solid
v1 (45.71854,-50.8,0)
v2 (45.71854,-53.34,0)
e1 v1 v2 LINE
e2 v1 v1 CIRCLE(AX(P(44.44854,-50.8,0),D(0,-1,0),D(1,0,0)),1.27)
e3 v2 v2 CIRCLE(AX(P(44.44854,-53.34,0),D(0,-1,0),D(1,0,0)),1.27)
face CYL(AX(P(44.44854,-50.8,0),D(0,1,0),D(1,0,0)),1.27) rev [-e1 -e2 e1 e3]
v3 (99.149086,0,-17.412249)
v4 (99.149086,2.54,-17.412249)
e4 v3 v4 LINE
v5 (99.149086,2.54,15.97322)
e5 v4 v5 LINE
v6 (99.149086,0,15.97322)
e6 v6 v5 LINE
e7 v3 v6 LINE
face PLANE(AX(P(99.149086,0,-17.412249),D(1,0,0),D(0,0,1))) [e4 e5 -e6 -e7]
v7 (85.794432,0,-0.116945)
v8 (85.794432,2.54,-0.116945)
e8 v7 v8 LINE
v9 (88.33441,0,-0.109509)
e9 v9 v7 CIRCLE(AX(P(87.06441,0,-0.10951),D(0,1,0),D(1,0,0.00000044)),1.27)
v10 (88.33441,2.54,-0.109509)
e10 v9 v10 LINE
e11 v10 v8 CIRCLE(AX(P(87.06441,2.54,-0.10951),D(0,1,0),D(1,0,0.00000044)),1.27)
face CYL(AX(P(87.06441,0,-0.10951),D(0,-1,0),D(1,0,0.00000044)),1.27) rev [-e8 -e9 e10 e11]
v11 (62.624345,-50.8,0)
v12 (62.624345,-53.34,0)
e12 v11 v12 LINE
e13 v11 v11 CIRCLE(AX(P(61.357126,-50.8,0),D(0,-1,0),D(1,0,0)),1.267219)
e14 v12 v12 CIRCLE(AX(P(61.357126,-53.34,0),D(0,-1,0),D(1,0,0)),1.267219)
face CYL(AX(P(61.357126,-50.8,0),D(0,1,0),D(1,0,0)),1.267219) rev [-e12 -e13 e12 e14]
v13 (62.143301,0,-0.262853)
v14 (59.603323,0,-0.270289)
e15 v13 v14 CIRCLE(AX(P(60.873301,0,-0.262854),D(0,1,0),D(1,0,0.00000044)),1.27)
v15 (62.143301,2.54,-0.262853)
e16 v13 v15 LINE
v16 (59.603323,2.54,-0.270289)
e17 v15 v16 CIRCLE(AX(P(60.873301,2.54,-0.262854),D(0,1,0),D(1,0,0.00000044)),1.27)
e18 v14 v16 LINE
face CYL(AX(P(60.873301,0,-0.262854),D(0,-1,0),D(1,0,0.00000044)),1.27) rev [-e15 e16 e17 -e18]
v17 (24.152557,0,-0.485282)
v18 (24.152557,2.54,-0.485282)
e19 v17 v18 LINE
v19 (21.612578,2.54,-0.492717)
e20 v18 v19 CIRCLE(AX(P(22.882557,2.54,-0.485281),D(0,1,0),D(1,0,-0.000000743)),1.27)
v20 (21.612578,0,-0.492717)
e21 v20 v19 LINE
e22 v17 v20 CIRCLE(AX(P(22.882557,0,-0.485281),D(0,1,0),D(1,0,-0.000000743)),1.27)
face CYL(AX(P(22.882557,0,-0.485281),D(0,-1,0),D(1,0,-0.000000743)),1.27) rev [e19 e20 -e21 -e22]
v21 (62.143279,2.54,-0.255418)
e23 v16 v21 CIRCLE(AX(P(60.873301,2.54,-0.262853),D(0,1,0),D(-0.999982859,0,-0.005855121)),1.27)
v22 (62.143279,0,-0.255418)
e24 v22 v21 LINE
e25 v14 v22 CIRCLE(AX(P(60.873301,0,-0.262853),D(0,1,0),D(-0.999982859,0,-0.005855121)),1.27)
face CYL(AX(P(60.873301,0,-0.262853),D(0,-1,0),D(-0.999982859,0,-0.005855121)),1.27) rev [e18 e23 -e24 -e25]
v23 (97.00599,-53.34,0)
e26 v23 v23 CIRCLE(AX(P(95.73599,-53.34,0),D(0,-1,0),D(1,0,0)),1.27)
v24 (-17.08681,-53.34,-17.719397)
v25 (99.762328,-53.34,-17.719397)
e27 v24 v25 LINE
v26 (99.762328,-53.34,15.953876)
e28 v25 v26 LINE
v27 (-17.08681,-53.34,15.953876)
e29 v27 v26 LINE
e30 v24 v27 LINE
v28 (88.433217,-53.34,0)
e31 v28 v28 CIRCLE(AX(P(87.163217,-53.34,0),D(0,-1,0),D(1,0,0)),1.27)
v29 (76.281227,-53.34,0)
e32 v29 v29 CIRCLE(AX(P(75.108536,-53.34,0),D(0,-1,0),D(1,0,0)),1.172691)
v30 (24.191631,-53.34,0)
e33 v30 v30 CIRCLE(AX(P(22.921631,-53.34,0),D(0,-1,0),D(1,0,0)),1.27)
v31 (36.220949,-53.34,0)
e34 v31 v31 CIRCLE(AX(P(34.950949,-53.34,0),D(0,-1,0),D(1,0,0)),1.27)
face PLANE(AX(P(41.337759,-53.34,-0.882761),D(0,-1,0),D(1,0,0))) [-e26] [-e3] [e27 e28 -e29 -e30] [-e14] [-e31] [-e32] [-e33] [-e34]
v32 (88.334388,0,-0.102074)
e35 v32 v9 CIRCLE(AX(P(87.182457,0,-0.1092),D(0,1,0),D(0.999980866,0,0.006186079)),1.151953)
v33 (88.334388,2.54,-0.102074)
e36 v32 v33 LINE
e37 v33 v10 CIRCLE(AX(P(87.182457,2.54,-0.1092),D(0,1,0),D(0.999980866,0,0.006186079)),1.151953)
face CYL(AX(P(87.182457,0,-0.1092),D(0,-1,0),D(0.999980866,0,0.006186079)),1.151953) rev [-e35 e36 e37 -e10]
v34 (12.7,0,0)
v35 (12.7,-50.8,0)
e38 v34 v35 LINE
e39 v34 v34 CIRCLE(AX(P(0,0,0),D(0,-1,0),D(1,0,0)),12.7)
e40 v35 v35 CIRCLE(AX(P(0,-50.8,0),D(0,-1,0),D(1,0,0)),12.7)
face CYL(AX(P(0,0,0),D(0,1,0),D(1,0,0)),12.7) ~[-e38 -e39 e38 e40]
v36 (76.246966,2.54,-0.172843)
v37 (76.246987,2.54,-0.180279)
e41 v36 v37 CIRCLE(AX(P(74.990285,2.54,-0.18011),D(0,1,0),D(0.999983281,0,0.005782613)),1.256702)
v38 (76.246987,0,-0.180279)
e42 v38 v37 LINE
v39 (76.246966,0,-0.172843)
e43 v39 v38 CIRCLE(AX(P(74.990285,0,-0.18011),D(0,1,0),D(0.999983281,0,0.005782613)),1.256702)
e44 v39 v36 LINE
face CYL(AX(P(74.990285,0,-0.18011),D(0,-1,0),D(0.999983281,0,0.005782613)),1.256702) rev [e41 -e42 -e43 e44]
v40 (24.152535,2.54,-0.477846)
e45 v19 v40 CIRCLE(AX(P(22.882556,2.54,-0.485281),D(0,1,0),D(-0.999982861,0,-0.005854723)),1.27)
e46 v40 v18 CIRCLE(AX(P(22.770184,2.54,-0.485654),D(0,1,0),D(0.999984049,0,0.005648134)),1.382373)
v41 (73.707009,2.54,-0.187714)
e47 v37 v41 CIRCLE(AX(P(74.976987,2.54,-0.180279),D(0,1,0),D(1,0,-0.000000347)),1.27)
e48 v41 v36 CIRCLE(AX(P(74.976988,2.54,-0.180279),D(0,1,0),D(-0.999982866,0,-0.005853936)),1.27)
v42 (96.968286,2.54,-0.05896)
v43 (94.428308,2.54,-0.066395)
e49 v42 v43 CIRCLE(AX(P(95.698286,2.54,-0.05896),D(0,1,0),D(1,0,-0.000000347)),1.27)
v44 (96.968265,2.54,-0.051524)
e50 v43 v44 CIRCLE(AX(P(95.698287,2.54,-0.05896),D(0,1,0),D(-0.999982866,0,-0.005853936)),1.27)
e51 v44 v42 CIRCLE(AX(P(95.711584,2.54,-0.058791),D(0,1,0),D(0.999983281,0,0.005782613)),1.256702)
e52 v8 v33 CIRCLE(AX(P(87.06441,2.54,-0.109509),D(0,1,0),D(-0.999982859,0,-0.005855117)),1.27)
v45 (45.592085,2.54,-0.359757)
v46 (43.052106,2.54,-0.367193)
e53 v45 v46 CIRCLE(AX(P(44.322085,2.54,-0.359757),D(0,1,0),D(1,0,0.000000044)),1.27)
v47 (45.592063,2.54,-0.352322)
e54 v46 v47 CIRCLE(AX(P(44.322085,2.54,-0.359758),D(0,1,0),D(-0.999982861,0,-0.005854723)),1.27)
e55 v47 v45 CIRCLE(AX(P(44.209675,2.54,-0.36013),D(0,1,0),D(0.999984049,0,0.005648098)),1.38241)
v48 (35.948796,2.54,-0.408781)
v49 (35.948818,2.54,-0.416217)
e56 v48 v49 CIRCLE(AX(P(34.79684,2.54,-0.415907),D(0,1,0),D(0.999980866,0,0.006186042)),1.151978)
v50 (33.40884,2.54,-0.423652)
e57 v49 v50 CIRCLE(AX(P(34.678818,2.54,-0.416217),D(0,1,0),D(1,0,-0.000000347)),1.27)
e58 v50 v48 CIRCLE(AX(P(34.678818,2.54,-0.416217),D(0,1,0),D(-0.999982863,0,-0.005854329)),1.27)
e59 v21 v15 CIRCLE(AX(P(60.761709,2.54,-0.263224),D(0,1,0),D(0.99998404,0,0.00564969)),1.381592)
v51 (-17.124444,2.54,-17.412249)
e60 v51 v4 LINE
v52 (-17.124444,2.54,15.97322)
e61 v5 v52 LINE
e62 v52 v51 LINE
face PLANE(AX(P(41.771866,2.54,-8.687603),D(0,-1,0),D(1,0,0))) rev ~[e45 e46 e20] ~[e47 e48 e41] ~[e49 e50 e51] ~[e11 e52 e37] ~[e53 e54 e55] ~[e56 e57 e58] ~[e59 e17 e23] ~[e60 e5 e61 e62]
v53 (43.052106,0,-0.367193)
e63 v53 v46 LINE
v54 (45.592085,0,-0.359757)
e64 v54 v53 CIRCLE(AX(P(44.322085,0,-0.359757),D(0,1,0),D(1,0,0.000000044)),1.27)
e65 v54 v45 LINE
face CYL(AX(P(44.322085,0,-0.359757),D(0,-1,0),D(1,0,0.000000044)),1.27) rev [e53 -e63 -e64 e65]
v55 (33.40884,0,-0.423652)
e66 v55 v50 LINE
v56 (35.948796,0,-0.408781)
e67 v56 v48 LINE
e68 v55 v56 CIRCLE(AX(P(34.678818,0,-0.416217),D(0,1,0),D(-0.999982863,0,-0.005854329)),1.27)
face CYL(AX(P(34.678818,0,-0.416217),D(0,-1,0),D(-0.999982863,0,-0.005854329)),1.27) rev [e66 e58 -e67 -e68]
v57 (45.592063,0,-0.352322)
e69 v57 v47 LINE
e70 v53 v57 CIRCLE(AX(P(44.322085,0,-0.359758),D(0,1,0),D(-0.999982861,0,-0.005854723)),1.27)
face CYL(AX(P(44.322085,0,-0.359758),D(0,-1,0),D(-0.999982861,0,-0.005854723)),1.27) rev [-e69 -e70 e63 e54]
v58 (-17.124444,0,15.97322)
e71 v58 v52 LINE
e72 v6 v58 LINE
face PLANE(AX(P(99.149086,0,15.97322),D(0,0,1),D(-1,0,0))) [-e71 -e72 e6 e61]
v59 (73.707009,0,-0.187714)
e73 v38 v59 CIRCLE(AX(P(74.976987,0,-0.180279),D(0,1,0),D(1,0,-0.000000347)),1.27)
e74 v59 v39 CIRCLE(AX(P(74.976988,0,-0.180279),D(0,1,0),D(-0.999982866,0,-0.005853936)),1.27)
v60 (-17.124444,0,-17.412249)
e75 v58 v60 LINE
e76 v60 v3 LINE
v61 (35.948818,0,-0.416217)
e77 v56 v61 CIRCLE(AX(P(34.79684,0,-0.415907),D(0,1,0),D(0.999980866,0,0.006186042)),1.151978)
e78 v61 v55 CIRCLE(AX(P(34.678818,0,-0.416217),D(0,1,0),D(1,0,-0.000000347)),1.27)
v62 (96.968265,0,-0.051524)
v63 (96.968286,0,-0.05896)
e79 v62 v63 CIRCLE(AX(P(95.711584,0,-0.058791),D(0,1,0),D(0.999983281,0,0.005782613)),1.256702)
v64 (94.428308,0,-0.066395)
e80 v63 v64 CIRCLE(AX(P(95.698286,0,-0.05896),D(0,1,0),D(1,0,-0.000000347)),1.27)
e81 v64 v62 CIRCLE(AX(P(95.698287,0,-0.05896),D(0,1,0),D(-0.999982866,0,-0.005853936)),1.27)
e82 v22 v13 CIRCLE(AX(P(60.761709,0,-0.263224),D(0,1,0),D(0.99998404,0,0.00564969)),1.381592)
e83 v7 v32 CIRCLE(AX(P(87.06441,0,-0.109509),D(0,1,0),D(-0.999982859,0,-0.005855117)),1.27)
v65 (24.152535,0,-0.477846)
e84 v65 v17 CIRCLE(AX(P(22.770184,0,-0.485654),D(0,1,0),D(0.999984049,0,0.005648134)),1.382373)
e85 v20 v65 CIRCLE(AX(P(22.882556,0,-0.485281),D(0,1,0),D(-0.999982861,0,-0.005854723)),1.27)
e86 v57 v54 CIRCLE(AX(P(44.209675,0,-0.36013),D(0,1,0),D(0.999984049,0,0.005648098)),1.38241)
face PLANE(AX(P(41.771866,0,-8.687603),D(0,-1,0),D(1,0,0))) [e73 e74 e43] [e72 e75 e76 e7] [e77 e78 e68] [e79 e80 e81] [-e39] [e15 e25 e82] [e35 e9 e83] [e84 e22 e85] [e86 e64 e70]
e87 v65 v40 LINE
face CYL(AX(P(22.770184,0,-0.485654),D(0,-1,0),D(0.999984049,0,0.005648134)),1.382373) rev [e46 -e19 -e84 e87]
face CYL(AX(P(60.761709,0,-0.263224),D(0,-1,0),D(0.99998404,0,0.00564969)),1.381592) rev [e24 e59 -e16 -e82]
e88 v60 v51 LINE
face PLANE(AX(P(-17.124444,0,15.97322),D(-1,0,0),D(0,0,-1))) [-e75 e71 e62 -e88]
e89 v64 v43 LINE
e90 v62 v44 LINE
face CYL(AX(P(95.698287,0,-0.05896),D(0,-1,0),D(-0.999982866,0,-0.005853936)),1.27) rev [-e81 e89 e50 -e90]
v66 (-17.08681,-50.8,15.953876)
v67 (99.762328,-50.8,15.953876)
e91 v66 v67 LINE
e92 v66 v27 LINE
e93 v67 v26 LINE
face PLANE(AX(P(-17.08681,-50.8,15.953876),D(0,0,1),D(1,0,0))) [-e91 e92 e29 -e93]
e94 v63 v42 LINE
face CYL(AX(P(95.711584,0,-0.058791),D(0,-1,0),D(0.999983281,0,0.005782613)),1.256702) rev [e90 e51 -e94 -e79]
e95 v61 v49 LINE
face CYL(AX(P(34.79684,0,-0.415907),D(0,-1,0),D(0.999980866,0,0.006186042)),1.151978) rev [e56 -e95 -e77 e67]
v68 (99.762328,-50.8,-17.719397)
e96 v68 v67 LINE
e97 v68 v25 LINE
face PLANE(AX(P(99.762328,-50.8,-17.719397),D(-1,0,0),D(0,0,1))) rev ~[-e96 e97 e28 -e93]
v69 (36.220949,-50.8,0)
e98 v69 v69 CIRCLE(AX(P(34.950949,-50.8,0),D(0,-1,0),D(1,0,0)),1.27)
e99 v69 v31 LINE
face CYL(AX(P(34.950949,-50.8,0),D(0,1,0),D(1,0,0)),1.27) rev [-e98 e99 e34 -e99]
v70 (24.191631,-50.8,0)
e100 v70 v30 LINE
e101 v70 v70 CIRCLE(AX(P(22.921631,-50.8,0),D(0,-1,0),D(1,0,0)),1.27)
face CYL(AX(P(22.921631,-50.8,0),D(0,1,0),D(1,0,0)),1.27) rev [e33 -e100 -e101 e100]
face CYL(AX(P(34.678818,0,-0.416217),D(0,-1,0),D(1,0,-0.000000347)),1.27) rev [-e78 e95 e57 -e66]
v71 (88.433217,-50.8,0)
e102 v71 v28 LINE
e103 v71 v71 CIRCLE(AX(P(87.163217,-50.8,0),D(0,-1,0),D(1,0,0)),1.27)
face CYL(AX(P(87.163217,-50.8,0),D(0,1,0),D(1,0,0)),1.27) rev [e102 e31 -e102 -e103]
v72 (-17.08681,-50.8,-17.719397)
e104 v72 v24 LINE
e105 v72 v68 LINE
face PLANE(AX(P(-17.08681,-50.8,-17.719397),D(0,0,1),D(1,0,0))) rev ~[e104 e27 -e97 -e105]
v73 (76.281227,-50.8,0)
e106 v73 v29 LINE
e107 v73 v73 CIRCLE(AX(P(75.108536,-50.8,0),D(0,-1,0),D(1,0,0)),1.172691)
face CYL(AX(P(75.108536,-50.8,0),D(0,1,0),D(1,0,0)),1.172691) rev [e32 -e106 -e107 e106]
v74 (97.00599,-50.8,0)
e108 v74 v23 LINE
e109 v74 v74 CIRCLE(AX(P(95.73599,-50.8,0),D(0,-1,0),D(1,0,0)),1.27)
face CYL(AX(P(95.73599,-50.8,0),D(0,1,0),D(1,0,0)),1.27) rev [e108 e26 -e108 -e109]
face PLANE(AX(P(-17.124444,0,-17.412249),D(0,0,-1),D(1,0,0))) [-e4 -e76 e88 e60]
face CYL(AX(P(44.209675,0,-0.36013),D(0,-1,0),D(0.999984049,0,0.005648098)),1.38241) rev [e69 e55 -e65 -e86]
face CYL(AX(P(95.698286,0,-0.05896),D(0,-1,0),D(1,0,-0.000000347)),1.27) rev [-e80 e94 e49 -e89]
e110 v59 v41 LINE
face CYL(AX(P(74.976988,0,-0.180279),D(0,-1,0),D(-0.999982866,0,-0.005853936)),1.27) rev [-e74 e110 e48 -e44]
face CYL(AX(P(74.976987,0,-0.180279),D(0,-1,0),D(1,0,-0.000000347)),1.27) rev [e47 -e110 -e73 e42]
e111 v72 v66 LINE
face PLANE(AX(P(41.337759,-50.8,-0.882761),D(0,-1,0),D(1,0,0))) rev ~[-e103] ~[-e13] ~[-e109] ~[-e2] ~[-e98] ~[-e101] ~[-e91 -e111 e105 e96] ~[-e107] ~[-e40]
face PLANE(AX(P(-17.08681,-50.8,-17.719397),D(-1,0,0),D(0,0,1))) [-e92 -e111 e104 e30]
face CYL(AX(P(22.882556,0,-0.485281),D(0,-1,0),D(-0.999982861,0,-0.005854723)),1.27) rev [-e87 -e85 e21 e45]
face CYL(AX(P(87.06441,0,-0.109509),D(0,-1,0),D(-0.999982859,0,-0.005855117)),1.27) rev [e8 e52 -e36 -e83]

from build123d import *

# Parameters (mm, degrees)
F0_R     = 12.7
F1_DEPTH = 50.8
F2_R     = 1.27
F3_DEPTH = 2.54
F4_R     = 1.27
F5_DEPTH = 2.54
F7_DEPTH = 2.54
F8_W     = 116.849138
F8_H     = 33.673273
F8_R     = 1.27
F8_R_2   = 1.267219
F8_R_3   = 1.172691
F9_DEPTH = 2.54


with BuildPart() as f1:
    # F0 (on Front) → F1 (new body)
    with BuildSketch(Plane.XZ):
        Circle(F0_R)
    extrude(amount=F1_DEPTH)

    # F2 (on face) → F3 (join)
    with BuildSketch(Plane.XZ.offset(50.8)):
        Circle(F2_R)
    extrude(amount=F3_DEPTH)

    # F4 (on face) → F5 (join)
    with BuildSketch(Plane(origin=(0, 0, 0), x_dir=(-1, 0, 0), z_dir=(0, 1, 0))):
        Circle(F4_R)
    extrude(amount=F5_DEPTH)

    # F6 (on Front) → F7 (join)
    with BuildSketch(Plane.XZ):
        with BuildLine():
            Line((21.612578, -0.492717), (-17.124444, -0.719515))
            Line((-17.124444, -0.719515), (-17.124444, -17.412249))
            Line((-17.124444, -17.412249), (99.149086, -17.412249))
            Line((99.149086, -17.412249), (99.149086, -0.038756))
            Line((99.149086, -0.038756), (96.968265, -0.051524))
            ThreePointArc((96.968265, -0.051524), (96.968281, -0.055242), (96.968286, -0.05896))
            ThreePointArc((96.968286, -0.05896), (95.702004, -1.328954), (94.428308, -0.066395))
            Line((94.428308, -0.066395), (88.334388, -0.102074))
            ThreePointArc((88.334388, -0.102074), (88.334405, -0.105792), (88.33441, -0.109509))
            ThreePointArc((88.33441, -0.109509), (87.068128, -1.379504), (85.794432, -0.116945))
            Line((85.794432, -0.116945), (76.246966, -0.172843))
            ThreePointArc((76.246966, -0.172843), (76.246982, -0.176561), (76.246987, -0.180279))
            ThreePointArc((76.246987, -0.180279), (74.980705, -1.450273), (73.707009, -0.187714))
            Line((73.707009, -0.187714), (62.143279, -0.255418))
            ThreePointArc((62.143279, -0.255418), (62.143295, -0.259135), (62.143301, -0.262853))
            ThreePointArc((62.143301, -0.262853), (60.877019, -1.532848), (59.603323, -0.270289))
            Line((59.603323, -0.270289), (45.592063, -0.352322))
            ThreePointArc((45.592063, -0.352322), (45.592079, -0.35604), (45.592085, -0.359757))
            ThreePointArc((45.592085, -0.359757), (44.325802, -1.629752), (43.052106, -0.367193))
            Line((43.052106, -0.367193), (35.948796, -0.408781))
            ThreePointArc((35.948796, -0.408781), (35.948813, -0.412499), (35.948818, -0.416217))
            ThreePointArc((35.948818, -0.416217), (34.682536, -1.686211), (33.40884, -0.423652))
            Line((33.40884, -0.423652), (24.152535, -0.477846))
            ThreePointArc((24.152535, -0.477846), (24.152551, -0.481564), (24.152557, -0.485282))
            ThreePointArc((24.152557, -0.485282), (22.886274, -1.755276), (21.612578, -0.492717))
        make_face()
        with BuildLine():
            Line((99.149086, 15.97322), (-17.124444, 15.97322))
            Line((-17.124444, 15.97322), (-17.124444, -0.719515))
            Line((-17.124444, -0.719515), (21.612578, -0.492717))
            ThreePointArc((21.612578, -0.492717), (22.875121, 0.784697), (24.152535, -0.477846))
            Line((24.152535, -0.477846), (33.40884, -0.423652))
            ThreePointArc((33.40884, -0.423652), (34.671383, 0.853761), (35.948796, -0.408781))
            Line((35.948796, -0.408781), (43.052106, -0.367193))
            ThreePointArc((43.052106, -0.367193), (44.314649, 0.910221), (45.592063, -0.352322))
            Line((45.592063, -0.352322), (59.603323, -0.270289))
            ThreePointArc((59.603323, -0.270289), (60.865865, 1.007125), (62.143279, -0.255418))
            Line((62.143279, -0.255418), (73.707009, -0.187714))
            ThreePointArc((73.707009, -0.187714), (74.969552, 1.089699), (76.246966, -0.172843))
            Line((76.246966, -0.172843), (85.794432, -0.116945))
            ThreePointArc((85.794432, -0.116945), (87.056975, 1.160469), (88.334388, -0.102074))
            Line((88.334388, -0.102074), (94.428308, -0.066395))
            ThreePointArc((94.428308, -0.066395), (95.690851, 1.211018), (96.968265, -0.051524))
            Line((96.968265, -0.051524), (99.149086, -0.038756))
            Line((99.149086, -0.038756), (99.149086, 15.97322))
        make_face()
    extrude(amount=-F7_DEPTH)

    # F8 (on face) → F9 (join)
    with BuildSketch(Plane.XZ.offset(50.8)):
        with Locations((41.337759, -0.882761)):
            Rectangle(F8_W, F8_H)
        Circle(F8_R, mode=Mode.SUBTRACT)
        with Locations((22.921631, 0)):
            Circle(F8_R, mode=Mode.SUBTRACT)
        with Locations((34.950949, 0)):
            Circle(F8_R, mode=Mode.SUBTRACT)
        with Locations((44.44854, 0)):
            Circle(F8_R, mode=Mode.SUBTRACT)
        with Locations((61.357126, 0)):
            Circle(F8_R_2, mode=Mode.SUBTRACT)
        with Locations((75.108536, 0)):
            Circle(F8_R_3, mode=Mode.SUBTRACT)
        with Locations((87.163217, 0)):
            Circle(F8_R, mode=Mode.SUBTRACT)
        with Locations((95.73599, 0)):
            Circle(F8_R, mode=Mode.SUBTRACT)
    extrude(amount=F9_DEPTH)


solid = f1.part
